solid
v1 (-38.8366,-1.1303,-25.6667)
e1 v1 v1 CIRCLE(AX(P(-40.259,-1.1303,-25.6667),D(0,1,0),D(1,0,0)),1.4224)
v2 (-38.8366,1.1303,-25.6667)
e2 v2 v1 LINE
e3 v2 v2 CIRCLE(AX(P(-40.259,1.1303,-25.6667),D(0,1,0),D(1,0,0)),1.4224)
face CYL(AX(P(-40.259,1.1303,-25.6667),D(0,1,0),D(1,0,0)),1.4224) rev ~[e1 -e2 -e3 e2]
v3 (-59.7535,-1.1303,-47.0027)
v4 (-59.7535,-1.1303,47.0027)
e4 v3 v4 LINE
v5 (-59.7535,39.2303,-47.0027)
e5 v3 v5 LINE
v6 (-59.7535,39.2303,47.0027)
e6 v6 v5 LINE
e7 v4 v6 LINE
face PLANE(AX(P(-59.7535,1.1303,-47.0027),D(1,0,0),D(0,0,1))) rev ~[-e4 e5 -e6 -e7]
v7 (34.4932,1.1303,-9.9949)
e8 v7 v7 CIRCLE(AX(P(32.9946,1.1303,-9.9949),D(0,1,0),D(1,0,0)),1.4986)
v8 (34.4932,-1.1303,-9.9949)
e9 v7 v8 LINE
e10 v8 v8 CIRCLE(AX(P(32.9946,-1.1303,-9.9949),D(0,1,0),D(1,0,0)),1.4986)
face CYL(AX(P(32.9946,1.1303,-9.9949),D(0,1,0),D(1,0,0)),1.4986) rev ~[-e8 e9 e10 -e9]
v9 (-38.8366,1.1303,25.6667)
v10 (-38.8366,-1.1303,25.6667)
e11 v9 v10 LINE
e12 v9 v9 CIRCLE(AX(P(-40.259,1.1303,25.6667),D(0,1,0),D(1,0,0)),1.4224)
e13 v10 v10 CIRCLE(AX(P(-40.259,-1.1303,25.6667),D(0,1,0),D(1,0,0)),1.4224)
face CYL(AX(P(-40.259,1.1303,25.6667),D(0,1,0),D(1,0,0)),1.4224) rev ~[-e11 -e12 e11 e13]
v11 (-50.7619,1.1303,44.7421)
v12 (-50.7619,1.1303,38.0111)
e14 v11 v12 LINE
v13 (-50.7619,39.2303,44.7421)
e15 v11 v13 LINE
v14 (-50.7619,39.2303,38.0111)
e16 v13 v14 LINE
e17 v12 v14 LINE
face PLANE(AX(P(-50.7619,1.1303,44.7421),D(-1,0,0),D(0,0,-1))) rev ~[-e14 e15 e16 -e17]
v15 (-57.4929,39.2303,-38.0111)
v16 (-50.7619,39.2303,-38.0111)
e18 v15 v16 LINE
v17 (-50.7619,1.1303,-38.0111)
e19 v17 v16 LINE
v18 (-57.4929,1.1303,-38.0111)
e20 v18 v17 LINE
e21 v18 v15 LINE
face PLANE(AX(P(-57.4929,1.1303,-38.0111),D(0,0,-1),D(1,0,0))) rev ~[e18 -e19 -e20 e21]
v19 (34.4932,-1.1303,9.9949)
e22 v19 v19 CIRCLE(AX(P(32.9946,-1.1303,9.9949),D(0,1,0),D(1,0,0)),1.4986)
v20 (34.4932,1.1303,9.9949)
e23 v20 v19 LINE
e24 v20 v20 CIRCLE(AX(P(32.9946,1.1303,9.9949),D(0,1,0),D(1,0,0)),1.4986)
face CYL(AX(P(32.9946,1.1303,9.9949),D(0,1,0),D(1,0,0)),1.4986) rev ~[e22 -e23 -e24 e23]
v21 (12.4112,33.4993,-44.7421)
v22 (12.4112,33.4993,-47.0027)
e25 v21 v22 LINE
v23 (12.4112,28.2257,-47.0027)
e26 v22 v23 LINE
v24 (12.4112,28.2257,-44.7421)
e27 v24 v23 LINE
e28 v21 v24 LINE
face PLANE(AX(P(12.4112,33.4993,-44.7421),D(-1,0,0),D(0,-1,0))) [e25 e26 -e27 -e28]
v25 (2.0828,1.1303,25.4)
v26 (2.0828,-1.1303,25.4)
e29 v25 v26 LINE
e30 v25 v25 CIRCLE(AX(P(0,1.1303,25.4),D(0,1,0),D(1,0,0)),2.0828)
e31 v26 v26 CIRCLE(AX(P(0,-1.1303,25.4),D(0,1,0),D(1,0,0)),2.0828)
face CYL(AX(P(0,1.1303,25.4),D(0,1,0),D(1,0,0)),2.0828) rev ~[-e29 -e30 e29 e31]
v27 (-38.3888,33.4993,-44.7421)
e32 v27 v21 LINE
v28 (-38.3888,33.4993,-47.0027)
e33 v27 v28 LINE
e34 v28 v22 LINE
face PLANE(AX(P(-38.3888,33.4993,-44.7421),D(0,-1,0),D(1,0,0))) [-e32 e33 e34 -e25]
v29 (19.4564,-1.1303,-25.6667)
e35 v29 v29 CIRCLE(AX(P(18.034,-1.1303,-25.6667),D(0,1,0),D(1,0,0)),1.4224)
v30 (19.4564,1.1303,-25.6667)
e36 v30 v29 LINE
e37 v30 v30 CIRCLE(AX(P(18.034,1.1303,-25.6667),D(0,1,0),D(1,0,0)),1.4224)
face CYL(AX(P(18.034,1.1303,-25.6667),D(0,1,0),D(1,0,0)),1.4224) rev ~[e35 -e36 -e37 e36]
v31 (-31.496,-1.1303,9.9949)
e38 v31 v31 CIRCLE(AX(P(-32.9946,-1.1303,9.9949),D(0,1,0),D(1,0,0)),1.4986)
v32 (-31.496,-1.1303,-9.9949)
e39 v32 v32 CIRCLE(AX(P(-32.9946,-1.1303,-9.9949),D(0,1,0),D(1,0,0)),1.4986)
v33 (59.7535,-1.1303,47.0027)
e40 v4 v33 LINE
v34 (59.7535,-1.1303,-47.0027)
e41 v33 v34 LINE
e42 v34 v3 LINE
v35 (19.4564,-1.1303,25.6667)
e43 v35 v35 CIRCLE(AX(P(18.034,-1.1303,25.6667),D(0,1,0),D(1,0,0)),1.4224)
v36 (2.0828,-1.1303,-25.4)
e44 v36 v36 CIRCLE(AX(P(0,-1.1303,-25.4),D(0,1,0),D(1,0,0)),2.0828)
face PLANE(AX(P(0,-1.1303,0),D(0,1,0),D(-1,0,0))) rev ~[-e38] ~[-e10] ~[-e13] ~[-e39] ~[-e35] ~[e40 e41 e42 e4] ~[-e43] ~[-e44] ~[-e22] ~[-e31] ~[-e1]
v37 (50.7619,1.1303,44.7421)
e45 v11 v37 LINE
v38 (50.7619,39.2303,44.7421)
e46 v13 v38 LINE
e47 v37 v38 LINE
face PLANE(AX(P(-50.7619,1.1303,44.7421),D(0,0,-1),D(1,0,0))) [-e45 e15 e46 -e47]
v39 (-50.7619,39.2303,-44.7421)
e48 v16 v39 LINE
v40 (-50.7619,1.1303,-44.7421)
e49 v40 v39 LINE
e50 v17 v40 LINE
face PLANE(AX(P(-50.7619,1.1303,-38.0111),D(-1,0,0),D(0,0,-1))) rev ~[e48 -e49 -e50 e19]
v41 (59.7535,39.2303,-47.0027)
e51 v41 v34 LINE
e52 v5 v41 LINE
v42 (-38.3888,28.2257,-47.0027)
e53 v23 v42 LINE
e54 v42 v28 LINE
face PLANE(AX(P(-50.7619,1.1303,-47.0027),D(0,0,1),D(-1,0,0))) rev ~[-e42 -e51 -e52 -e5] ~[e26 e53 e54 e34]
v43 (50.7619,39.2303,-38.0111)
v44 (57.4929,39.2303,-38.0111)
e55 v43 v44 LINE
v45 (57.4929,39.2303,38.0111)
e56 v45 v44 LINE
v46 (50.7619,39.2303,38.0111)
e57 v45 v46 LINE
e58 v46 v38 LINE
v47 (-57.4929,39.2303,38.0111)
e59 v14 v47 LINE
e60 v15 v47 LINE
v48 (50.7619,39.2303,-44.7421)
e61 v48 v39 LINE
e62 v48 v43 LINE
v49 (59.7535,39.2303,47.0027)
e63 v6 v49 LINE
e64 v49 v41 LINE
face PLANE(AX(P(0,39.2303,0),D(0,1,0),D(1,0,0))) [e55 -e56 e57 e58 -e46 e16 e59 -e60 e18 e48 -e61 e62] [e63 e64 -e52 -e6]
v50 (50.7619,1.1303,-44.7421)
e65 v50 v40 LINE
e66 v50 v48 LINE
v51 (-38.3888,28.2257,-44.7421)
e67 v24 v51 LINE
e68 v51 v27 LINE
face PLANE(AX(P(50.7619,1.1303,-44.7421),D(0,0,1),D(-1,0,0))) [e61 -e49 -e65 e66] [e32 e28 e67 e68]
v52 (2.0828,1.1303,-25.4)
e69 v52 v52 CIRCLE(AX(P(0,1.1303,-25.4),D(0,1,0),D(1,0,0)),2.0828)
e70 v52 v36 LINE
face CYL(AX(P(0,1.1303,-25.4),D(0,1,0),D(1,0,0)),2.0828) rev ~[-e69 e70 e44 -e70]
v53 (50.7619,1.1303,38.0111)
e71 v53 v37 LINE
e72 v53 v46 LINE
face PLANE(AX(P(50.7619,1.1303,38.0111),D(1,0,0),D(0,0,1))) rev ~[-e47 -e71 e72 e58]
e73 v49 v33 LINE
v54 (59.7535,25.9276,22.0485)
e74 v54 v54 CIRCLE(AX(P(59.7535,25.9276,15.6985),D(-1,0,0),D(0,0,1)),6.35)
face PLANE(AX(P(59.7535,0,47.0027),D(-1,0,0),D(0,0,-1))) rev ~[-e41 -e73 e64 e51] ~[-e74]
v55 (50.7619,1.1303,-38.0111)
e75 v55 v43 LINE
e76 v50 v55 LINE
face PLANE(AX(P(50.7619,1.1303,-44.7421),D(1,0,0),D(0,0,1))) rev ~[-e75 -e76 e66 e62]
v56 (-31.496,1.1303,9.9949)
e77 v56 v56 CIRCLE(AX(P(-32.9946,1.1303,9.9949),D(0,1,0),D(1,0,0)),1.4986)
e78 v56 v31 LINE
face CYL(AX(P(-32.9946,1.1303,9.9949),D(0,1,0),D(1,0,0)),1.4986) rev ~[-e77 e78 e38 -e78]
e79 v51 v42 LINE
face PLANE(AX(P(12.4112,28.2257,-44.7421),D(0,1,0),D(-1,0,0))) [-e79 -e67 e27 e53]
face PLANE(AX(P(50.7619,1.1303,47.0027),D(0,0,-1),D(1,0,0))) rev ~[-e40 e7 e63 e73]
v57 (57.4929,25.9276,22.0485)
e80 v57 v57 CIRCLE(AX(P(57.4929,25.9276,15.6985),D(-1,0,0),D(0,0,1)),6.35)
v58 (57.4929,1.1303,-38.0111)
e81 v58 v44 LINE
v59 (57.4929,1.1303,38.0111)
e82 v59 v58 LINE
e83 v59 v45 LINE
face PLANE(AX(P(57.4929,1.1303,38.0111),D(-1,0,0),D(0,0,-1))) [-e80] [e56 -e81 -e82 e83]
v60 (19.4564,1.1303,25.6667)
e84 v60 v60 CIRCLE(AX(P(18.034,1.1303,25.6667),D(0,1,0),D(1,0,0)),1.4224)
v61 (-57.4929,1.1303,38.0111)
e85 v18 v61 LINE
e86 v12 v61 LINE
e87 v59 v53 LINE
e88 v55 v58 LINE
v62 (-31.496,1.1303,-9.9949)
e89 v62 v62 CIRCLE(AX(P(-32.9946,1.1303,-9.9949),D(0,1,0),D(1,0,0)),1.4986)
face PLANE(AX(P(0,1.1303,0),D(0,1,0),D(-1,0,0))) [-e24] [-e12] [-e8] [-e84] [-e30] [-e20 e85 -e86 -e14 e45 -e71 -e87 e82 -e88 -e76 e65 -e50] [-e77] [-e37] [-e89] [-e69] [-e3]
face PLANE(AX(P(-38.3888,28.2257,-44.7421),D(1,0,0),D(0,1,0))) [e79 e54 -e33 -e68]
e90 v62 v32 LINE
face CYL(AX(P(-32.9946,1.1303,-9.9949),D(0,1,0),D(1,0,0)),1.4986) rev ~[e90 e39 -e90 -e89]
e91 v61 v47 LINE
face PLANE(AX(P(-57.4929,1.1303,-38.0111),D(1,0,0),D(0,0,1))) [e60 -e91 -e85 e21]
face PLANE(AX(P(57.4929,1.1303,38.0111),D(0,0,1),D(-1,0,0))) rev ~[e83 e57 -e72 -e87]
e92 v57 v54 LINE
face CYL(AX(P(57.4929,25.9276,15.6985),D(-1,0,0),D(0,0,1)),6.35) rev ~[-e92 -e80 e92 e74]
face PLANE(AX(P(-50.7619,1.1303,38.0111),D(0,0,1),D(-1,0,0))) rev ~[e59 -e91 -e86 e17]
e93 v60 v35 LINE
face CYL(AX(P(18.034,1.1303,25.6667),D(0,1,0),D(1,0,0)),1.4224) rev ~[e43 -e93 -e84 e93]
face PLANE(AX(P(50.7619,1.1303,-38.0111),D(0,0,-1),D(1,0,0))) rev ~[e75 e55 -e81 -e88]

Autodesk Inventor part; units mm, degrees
ref_plane "YZ Plane" through (0, 0, 0) normal (1, 0, 0) x (0, 1, 0)
ref_plane "XZ Plane" through (0, 0, 0) normal (0, 1, 0) x (-1, 0, 0)
ref_plane "XY Plane" through (0, 0, 0) normal (0, 0, 1) x (1, 0, 0)
sketch "Sketch1" plane through (0, 0, 0) normal (0, 1, 0) x (-1, 0, 0)
  line L0 (-59.7535, -47.0027) -> (59.7535, -47.0027)
  line L1 (59.7535, -47.0027) -> (59.7535, 47.0027)
  line L2 (59.7535, 47.0027) -> (-59.7535, 47.0027)
  line L3 (-59.7535, 47.0027) -> (-59.7535, -47.0027)
  line L4 (-59.7535, -47.0027) -> (59.7535, 47.0027) construction
  line L5 (59.7535, -47.0027) -> (-59.7535, 47.0027) construction
  point P0 (0, 0)
  dimension "d0" = 119.507
  dimension "d1" = 94.0054
extrude "Extrusion1" add sketch "Sketch1" along normal mid plane 2.2606
sketch "Sketch2" plane through (0, 1.1303, 0) normal (0, 1, 0) x (1, 0, 0)
  line L0 (-59.7535, 47.0027) -> (-59.7535, -47.0027) projected
  line L1 (59.7535, -47.0027) -> (59.7535, 47.0027) projected
  line L2 (-59.7535, -47.0027) -> (59.7535, -47.0027)
  line L3 (59.7535, -47.0027) -> (59.7535, 47.0027)
  line L4 (59.7535, 47.0027) -> (-59.7535, 47.0027)
  line L5 (-59.7535, 47.0027) -> (-59.7535, -47.0027)
  line L6 (57.4929, -44.7421) -> (-57.4929, 44.7421) construction
  line L7 (-57.4929, -44.7421) -> (57.4929, 44.7421) construction
  line L8 (-59.7535, -47.0027) -> (59.7535, -47.0027) projected
  line L9 (-59.7535, -47.0027) -> (-50.7619, -47.0027)
  line L10 (-59.7535, -38.0111) -> (-59.7535, -47.0027)
  line L11 (-59.7535, 47.0027) -> (-50.7619, 47.0027)
  line L12 (-59.7535, 38.0111) -> (-59.7535, 47.0027)
  line L13 (59.7535, 47.0027) -> (-59.7535, 47.0027) projected
  line L14 (59.7535, 47.0027) -> (50.7619, 47.0027)
  line L15 (59.7535, 38.0111) -> (59.7535, 47.0027)
  line L16 (59.7535, -47.0027) -> (50.7619, -47.0027)
  line L17 (59.7535, -38.0111) -> (59.7535, -47.0027)
  line L18 (-50.7619, -44.7421) -> (-50.7619, -38.0111)
  line L19 (-50.7619, -38.0111) -> (-57.4929, -38.0111)
  line L20 (-57.4929, 38.0111) -> (-50.7619, 38.0111)
  line L21 (-50.7619, 38.0111) -> (-50.7619, 44.7421)
  line L22 (50.7619, 38.0111) -> (57.4929, 38.0111)
  line L23 (50.7619, 44.7421) -> (50.7619, 38.0111)
  line L24 (57.4929, -38.0111) -> (50.7619, -38.0111)
  line L25 (50.7619, -38.0111) -> (50.7619, -44.7421)
  line L26 (-50.7619, -44.7421) -> (50.7619, -44.7421)
  line L27 (57.4929, -38.0111) -> (57.4929, 38.0111)
  line L28 (50.7619, 44.7421) -> (-50.7619, 44.7421)
  line L29 (-57.4929, 38.0111) -> (-57.4929, -38.0111)
  point P0 (0, 0)
  dimension "d4" = 114.9858
  dimension "d5" = 89.4842
  dimension "d6" = 8.9916
  dimension "d7" = 8.9916
  dimension "d10" = 8.9916
  dimension "d11" = 8.9916
extrude "Extrusion2" add sketch "Sketch2" along normal blind 38.1
sketch "Sketch3" plane through (0, 1.1303, 0) normal (0, 1, 0) x (1, 0, 0)
  circle A0 centre (0, -25.4) radius 2.0828
  circle A1 centre (0, 25.4) radius 2.0828
  point P0 (0, 0)
  dimension "d18" = 4.1656
  dimension "d19" = 4.1656
extrude "Extrusion3" cut sketch "Sketch3" against normal through all
sketch "Sketch4" plane through (0, 1.1303, 0) normal (0, 1, 0) x (1, 0, 0)
  line L0 (43.434, -28.8417) -> (-43.434, 28.8417) construction
  line L1 (-43.434, -28.8417) -> (43.434, 28.8417) construction
  line L2 (32.9946, -9.9949) -> (-32.9946, 9.9949) construction
  line L3 (-32.9946, -9.9949) -> (32.9946, 9.9949) construction
  circle A0 centre (-40.259, -25.6667) radius 1.4224
  circle A1 centre (-40.259, 25.6667) radius 1.4224
  circle A2 centre (18.034, -25.6667) radius 1.4224
  circle A3 centre (18.034, 25.6667) radius 1.4224
  circle A4 centre (-32.9946, -9.9949) radius 1.4986
  circle A5 centre (-32.9946, 9.9949) radius 1.4986
  circle A6 centre (32.9946, 9.9949) radius 1.4986
  circle A7 centre (32.9946, -9.9949) radius 1.4986
  point P0 (0, 0)
  point P1 (0, 0)
  dimension "d22" = 86.868
  dimension "d23" = 57.6834
  dimension "d25" = 19.9898
  dimension "d30" = 2.8448
  dimension "d31" = 2.8448
  dimension "d36" = 2.8448
  dimension "d37" = 2.8448
  dimension "d38" = 2.9972
  dimension "d39" = 2.9972
  dimension "d40" = 2.9972
  dimension "d41" = 2.9972
extrude "Extrusion4" cut sketch "Sketch4" against normal through all
sketch "Sketch6" plane through (57.4929, 1.1303, -38.0111) normal (-1, 0, 0) x (0, 0, 1)
  circle A0 centre (53.7096, 24.7973) radius 6.35
  point P0 (38.0111, -1.1303)
  dimension "d44" = 12.7
extrude "Extrusion5" cut sketch "Sketch6" against normal through all
sketch "Sketch7" plane through (-50.7619, 1.1303, -44.7421) normal (0, 0, 1) x (1, 0, 0)
  line L0 (12.3731, 32.369) -> (63.1731, 32.369)
  line L1 (63.1731, 32.369) -> (63.1731, 27.0954)
  line L2 (63.1731, 27.0954) -> (12.3731, 27.0954)
  line L3 (12.3731, 27.0954) -> (12.3731, 32.369)
  point P0 (50.7619, -1.1303)
  dimension "d47" = 50.8
extrude "Extrusion6" cut sketch "Sketch7" against normal through all
properties part number "546-1590BBS-Pi"
